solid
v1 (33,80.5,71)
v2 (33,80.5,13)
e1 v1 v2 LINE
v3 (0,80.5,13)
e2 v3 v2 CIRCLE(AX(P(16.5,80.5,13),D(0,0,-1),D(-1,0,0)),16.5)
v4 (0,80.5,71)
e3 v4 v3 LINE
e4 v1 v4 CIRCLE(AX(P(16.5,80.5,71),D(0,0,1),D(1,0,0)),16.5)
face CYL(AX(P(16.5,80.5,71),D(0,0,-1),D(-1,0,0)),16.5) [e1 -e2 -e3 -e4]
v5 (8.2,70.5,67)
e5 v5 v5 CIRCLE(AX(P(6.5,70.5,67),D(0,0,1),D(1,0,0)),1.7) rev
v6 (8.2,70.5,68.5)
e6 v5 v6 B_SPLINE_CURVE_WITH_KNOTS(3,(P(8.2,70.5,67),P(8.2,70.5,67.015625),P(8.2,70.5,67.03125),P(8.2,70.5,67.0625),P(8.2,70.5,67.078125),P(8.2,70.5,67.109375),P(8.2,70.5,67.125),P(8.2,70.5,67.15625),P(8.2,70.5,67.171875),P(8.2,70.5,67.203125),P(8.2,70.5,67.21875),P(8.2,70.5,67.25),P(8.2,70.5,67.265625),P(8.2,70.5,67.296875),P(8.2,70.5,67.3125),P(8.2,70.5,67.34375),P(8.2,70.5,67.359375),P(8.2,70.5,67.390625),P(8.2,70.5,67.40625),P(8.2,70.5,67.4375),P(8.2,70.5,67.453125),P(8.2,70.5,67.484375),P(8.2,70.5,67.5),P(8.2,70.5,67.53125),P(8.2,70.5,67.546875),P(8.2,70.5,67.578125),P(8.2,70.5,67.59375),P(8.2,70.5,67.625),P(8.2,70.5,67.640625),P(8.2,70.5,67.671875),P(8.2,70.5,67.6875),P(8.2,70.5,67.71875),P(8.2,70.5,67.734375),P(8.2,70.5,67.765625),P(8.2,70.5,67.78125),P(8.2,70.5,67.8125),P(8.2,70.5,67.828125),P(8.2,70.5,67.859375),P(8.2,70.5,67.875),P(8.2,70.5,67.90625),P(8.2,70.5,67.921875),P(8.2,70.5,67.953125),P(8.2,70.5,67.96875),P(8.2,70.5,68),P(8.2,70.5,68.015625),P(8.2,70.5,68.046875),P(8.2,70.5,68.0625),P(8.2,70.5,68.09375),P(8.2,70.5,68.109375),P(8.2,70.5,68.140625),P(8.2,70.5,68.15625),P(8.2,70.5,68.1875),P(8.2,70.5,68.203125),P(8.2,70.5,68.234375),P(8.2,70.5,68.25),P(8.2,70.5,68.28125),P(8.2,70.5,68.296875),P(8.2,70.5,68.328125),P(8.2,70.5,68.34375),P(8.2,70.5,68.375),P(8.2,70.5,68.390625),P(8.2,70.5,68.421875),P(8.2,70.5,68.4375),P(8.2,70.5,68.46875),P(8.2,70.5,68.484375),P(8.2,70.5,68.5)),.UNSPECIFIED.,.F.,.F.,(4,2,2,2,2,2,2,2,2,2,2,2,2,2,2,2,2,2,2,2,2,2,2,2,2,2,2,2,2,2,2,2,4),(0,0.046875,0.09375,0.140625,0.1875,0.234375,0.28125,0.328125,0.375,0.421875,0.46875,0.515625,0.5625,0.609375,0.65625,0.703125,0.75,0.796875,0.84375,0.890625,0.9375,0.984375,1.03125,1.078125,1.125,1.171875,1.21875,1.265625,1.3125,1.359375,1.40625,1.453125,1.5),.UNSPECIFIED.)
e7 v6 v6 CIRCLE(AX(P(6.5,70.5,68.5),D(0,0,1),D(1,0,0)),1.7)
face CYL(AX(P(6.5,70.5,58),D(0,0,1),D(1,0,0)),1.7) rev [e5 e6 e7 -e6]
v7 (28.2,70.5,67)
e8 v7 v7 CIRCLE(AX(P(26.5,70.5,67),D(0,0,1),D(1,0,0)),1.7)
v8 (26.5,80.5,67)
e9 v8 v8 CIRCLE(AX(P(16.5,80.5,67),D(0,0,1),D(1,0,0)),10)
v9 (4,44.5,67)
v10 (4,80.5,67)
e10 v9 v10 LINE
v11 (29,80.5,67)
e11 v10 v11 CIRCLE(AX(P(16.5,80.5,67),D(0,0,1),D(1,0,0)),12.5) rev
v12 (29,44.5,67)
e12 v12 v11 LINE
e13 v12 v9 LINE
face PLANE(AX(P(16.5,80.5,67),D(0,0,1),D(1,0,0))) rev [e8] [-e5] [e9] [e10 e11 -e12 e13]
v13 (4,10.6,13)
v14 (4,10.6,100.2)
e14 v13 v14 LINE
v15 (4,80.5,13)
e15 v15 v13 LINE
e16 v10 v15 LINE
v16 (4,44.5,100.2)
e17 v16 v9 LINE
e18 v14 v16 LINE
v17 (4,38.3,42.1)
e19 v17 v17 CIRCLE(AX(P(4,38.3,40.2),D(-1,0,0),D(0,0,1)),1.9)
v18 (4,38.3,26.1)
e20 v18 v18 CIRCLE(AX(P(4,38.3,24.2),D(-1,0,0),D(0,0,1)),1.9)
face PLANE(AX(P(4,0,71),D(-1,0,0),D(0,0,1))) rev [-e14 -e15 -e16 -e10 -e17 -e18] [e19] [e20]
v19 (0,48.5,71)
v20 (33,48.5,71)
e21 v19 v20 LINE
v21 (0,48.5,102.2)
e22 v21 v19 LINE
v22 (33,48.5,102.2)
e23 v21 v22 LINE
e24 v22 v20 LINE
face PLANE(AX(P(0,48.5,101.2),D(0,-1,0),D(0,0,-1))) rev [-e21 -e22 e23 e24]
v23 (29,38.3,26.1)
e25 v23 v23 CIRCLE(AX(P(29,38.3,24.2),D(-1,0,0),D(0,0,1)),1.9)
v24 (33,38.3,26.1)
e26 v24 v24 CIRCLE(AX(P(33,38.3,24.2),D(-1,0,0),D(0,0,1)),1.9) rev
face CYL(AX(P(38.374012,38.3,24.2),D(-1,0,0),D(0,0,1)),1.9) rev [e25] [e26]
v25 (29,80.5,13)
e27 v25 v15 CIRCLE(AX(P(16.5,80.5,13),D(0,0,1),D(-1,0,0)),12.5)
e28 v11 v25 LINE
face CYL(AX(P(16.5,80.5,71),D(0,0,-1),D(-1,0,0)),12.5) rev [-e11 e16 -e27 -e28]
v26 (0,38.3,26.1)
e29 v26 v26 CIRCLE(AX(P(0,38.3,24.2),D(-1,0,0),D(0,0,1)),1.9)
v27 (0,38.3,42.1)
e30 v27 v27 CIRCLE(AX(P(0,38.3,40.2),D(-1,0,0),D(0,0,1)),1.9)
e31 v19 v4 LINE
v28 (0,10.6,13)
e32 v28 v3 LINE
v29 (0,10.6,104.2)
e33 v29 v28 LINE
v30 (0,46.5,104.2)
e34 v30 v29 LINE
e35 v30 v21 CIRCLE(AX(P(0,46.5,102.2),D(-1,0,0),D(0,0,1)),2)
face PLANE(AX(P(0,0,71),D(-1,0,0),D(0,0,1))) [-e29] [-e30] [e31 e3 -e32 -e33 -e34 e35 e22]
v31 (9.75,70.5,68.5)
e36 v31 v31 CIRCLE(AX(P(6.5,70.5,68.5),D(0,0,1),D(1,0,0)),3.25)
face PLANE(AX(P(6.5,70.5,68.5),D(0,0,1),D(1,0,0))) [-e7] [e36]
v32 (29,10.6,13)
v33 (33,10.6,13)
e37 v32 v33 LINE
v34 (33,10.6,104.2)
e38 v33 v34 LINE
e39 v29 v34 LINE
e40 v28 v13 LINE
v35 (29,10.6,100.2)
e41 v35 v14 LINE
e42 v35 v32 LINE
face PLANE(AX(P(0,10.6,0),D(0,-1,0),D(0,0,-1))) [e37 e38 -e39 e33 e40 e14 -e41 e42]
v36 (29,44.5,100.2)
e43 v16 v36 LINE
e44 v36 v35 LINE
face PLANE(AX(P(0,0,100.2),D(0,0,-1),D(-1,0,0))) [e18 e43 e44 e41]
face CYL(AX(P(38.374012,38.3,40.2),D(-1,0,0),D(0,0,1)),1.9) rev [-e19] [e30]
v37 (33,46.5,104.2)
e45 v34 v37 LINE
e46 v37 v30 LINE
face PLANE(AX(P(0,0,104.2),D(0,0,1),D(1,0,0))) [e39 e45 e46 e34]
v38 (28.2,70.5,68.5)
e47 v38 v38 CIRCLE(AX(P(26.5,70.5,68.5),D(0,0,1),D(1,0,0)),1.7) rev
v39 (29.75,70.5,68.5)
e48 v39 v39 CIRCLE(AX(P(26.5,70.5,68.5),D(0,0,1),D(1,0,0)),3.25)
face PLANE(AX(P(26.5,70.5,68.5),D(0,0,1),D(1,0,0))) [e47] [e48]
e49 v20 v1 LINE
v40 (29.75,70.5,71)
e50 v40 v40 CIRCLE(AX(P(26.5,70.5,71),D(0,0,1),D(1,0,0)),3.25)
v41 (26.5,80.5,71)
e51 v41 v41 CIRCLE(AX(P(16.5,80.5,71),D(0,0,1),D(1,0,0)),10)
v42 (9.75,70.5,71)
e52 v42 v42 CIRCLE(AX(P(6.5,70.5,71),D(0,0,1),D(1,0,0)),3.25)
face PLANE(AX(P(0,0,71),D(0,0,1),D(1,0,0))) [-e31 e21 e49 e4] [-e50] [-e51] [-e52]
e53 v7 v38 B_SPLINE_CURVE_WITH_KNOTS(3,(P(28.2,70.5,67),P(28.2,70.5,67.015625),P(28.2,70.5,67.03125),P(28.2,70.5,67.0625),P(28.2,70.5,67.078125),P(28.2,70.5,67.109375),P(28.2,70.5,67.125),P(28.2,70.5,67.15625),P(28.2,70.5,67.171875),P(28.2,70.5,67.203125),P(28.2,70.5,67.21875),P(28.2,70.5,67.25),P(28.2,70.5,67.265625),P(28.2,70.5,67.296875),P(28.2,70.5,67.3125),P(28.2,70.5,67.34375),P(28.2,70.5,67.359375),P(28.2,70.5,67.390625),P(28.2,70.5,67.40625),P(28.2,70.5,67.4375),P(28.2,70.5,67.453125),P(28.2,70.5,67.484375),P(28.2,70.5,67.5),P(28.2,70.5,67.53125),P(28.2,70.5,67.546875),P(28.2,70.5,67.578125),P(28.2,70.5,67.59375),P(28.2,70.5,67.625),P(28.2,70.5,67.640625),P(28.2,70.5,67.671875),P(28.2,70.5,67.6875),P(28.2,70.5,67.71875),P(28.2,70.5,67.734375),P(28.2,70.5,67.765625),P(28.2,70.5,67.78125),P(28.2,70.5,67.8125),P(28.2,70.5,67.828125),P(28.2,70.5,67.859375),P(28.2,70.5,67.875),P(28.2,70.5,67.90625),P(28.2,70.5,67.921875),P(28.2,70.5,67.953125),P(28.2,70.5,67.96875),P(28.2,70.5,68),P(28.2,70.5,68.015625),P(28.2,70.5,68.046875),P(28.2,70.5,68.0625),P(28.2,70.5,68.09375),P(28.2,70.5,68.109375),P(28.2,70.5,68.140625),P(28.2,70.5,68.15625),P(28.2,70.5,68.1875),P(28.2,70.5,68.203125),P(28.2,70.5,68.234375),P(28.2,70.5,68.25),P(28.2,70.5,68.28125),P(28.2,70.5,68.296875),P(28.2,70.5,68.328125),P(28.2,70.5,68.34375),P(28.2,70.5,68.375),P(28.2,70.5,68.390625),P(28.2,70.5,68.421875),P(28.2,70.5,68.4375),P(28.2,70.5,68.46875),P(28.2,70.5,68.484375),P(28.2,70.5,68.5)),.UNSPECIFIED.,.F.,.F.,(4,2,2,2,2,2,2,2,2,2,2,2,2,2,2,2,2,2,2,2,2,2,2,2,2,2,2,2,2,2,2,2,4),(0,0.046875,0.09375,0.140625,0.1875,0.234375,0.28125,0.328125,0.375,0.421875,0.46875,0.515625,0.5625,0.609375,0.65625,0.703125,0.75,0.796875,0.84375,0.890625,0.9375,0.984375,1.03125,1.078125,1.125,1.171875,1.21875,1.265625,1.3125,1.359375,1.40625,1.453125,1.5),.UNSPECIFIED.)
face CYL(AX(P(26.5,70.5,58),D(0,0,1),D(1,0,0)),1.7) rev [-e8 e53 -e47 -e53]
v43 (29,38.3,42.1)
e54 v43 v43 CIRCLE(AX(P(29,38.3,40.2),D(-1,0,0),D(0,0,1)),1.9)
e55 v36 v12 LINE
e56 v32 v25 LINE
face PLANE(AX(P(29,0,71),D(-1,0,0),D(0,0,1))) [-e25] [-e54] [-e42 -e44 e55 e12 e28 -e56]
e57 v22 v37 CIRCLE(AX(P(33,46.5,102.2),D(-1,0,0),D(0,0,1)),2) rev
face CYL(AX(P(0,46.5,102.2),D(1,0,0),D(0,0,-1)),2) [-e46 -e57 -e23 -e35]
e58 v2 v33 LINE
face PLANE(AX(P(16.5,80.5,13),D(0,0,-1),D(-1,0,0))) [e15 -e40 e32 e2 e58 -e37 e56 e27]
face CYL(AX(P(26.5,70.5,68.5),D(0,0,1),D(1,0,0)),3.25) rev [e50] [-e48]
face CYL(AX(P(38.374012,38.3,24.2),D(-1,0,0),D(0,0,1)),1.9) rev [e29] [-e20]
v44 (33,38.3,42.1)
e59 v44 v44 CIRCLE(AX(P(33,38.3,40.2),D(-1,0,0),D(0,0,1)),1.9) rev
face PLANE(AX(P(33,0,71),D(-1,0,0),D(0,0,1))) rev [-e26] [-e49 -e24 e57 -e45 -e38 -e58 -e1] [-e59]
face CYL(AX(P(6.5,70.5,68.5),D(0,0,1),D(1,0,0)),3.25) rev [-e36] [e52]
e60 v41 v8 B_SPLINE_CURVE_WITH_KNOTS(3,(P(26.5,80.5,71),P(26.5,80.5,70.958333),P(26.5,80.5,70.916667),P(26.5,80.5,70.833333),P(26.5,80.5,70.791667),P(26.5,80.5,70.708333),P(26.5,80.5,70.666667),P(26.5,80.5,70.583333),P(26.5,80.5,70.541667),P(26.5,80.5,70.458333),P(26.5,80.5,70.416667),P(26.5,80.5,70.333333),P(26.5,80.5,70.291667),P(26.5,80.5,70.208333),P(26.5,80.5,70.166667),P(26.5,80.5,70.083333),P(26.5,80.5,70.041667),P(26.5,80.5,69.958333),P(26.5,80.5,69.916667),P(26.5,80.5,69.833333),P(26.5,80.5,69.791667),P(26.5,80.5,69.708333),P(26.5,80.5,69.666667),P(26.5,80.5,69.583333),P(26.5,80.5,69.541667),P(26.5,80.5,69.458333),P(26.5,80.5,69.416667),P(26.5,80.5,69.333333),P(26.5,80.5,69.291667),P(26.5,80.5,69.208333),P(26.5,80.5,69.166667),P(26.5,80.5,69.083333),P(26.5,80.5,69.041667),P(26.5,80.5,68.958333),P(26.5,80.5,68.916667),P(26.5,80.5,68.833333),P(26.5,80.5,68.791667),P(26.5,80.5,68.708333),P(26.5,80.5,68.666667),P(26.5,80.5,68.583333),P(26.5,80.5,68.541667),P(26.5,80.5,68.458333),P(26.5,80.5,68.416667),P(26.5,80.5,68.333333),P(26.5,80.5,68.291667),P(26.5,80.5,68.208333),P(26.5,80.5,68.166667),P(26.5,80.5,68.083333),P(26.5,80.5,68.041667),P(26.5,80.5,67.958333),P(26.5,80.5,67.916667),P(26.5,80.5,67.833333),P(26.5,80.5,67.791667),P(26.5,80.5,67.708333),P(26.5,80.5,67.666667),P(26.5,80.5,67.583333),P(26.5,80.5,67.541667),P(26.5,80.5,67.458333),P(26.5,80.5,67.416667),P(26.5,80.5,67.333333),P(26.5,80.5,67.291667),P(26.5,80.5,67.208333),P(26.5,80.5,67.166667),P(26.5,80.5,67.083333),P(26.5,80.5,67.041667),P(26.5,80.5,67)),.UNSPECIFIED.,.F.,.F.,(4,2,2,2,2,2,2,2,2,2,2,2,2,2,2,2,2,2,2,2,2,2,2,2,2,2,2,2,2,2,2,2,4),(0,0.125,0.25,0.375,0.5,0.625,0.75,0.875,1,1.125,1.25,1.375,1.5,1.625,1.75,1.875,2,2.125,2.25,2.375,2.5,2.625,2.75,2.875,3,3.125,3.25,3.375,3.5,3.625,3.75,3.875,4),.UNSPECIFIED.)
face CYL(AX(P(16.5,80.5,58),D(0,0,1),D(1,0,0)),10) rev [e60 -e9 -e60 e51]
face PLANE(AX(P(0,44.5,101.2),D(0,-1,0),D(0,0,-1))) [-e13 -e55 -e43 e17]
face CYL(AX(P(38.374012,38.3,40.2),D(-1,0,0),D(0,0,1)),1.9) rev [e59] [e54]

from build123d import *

# Parameters (mm, degrees)
SKETCH1_W           = 4
SKETCH1_H           = 80.5
BOSS_EXTRUDE1_DEPTH = 71
BOSS_EXTRUDE2_START = -4
BOSS_EXTRUDE2_DEPTH = 4
BOSS_EXTRUDE3_DEPTH = 34.2
CUT_EXTRUDE1_DEPTH  = 13
CUT_EXTRUDE2_DEPTH  = 13
SKETCH6_R           = 1.7
CUT_EXTRUDE3_DEPTH  = 13
SKETCH7_R           = 3.25
CUT_EXTRUDE4_DEPTH  = 2.5
BOSS_EXTRUDE4_DEPTH = 44.5
SKETCH10_W          = 46.002383675
SKETCH10_H          = 61.711229379
CUT_EXTRUDE5_DEPTH  = 42
BOSS_EXTRUDE5_DEPTH = 4
CUT_EXTRUDE6_DEPTH  = 10.6
CUT_EXTRUDE7_REACH  = 148.85
SKETCH13_R          = 1.9
SKETCH14_W          = 25
SKETCH14_H          = 33.9
BOSS_EXTRUDE6_DEPTH = 1
CUT_EXTRUDE8_DEPTH  = 15
SKETCH16_W          = 10.4
SKETCH16_H          = 1.3
CUT_EXTRUDE9_DEPTH  = 15
BOSS_EXTRUDE7_DEPTH = 15
SKETCH19_W          = 33
SKETCH19_H          = 37.9
CUT_EXTRUDE10_DEPTH = 1
FILLET1_R           = 2


with BuildPart() as part:
    # Sketch1 → Boss-Extrude1 (new body)
    with BuildSketch(Plane.XY):
        with Locations((2, 40.25)):
            Rectangle(SKETCH1_W, SKETCH1_H)
        with BuildLine():
            Line((0, 80.5), (4, 80.5))
            ThreePointArc((4, 80.5), (16.5, 93), (29, 80.5))
            Line((29, 80.5), (33, 80.5))
            ThreePointArc((33, 80.5), (16.5, 97), (0, 80.5))
        make_face()
        with Locations((31, 40.25)):
            Rectangle(SKETCH1_W, SKETCH1_H)
    extrude(amount=BOSS_EXTRUDE1_DEPTH)

    # Sketch2 → Boss-Extrude2 (add)
    with BuildSketch(Plane.XY.offset(71).offset(BOSS_EXTRUDE2_START)):
        with BuildLine():
            Line((33, 48.5), (0, 48.5))
            Line((0, 48.5), (0, 80.5))
            ThreePointArc((0, 80.5), (16.5, 97), (33, 80.5))
            Line((33, 80.5), (33, 48.5))
        make_face()
    extrude(amount=BOSS_EXTRUDE2_DEPTH)

    # Sketch3 → Boss-Extrude3 (add)
    with BuildSketch(Plane(origin=(0, 0, 67), x_dir=(-1, 0, 0), z_dir=(0, 0, -1))):
        Polygon((-33, 0), (-33, 48.5), (-29, 48.5), (-4, 48.5), (0, 48.5), (0, 0), (-3.837905566, 0), (-4, 44.5), (-29, 44.5), (-29.162094434, 0), align=None)
    extrude(amount=-BOSS_EXTRUDE3_DEPTH)

    # Sketch4 → Cut-Extrude1 (cut)
    with BuildSketch(Plane(origin=(0, 0, 0), x_dir=(-1, 0, 0), z_dir=(0, 0, -1))):
        with BuildLine():
            Line((-4, 80.5), (-4, 0))
            Line((-4, 0), (0, 0))
            Line((0, 0), (0, 80.5))
            ThreePointArc((0, 80.5), (-16.5, 97), (-33, 80.5))
            Line((-33, 80.5), (-33, 0))
            Line((-33, 0), (-29, 0))
            Line((-29, 0), (-29, 80.5))
            ThreePointArc((-29, 80.5), (-16.5, 93), (-4, 80.5))
        make_face()
    extrude(amount=-CUT_EXTRUDE1_DEPTH, mode=Mode.SUBTRACT)

    # Sketch5 → Cut-Extrude2 (cut)
    with BuildSketch(Plane.XY.offset(71)):
        with BuildLine():
            ThreePointArc((26.5, 80.5), (16.5, 90.5), (6.5, 80.5))
            Line((6.5, 80.5), (26.5, 80.5))
        make_face()
        with BuildLine():
            Line((26.5, 80.5), (6.5, 80.5))
            ThreePointArc((6.5, 80.5), (16.5, 70.5), (26.5, 80.5))
        make_face()
    extrude(amount=-CUT_EXTRUDE2_DEPTH, mode=Mode.SUBTRACT)

    # Sketch6 → Cut-Extrude3 (cut)
    with BuildSketch(Plane.XY.offset(71)):
        with Locations((6.5, 70.5)):
            Circle(SKETCH6_R)
        with BuildLine():
            ThreePointArc((28.2, 70.5), (26.5, 72.2), (24.8, 70.5))
            Line((24.8, 70.5), (28.2, 70.5))
        make_face()
        with BuildLine():
            Line((28.2, 70.5), (24.8, 70.5))
            ThreePointArc((24.8, 70.5), (26.5, 68.8), (28.2, 70.5))
        make_face()
    extrude(amount=-CUT_EXTRUDE3_DEPTH, mode=Mode.SUBTRACT)

    # Sketch7 → Cut-Extrude4 (cut)
    with BuildSketch(Plane.XY.offset(71)):
        with Locations((6.5, 70.5)):
            Circle(SKETCH7_R)
        with Locations((26.5, 70.5)):
            Circle(SKETCH7_R)
    extrude(amount=-CUT_EXTRUDE4_DEPTH, mode=Mode.SUBTRACT)

    # Sketch9 → Boss-Extrude4 (add)
    with BuildSketch(Plane.XZ):
        Polygon((29.162094434, 101.2), (29.162094434, 71), (29, 71), (29, 120), align=None)
        Polygon((4, 120), (3.837905566, 101.2), (3.837905566, 71), (4, 71), align=None)
    extrude(amount=-BOSS_EXTRUDE4_DEPTH)

    # Sketch10 → Cut-Extrude5 (cut)
    with BuildSketch(Plane.XY.offset(101.2)):
        with Locations((17.24268837, 24.291112106)):
            Rectangle(SKETCH10_W, SKETCH10_H)
    extrude(amount=CUT_EXTRUDE5_DEPTH, mode=Mode.SUBTRACT)

    # Sketch11 → Boss-Extrude5 (add)
    with BuildSketch(Plane.XY.offset(101.2)):
        Polygon((29, 0), (4, 0), (0, 0), (0, 48.5), (33, 48.5), (33, 0), align=None)
    extrude(amount=BOSS_EXTRUDE5_DEPTH)

    # Sketch12 → Cut-Extrude6 (cut)
    with BuildSketch(Plane.XZ):
        Polygon((4, 13), (4, 101.2), (29, 101.2), (29, 13), (33, 13), (33, 105.2), (0, 105.2), (0, 13), align=None)
    extrude(amount=-CUT_EXTRUDE6_DEPTH, mode=Mode.SUBTRACT)

    # Cut-Extrude7: up to this face of the body (flat: up to its plane)
    cut_extrude7_end = Plane(part.part.faces().sort_by_distance((33, 41.673849147, 53.168159645))[0])
    # Sketch13 → Cut-Extrude7 (cut, up to the picked face)
    with BuildSketch(Plane.ZY, mode=Mode.PRIVATE) as cut_extrude7_sk1:
        with Locations((40.2, 38.3)):
            Circle(SKETCH13_R)
    cut_extrude7_tool1 = split(extrude(cut_extrude7_sk1.sketch, amount=-CUT_EXTRUDE7_REACH, mode=Mode.PRIVATE), bisect_by=cut_extrude7_end, keep=Keep.BOTH, mode=Mode.PRIVATE)
    # Sketch13 → Cut-Extrude7 (cut, up to the picked face)
    with BuildSketch(Plane.ZY, mode=Mode.PRIVATE) as cut_extrude7_sk2:
        with Locations((24.2, 38.3)):
            Circle(SKETCH13_R)
    cut_extrude7_tool2 = split(extrude(cut_extrude7_sk2.sketch, amount=-CUT_EXTRUDE7_REACH, mode=Mode.PRIVATE), bisect_by=cut_extrude7_end, keep=Keep.BOTH, mode=Mode.PRIVATE)
    add(cut_extrude7_tool1.solids().sort_by(Axis((0, 38.3, 40.2), (1, 0, 0)))[0], mode=Mode.SUBTRACT)
    add(cut_extrude7_tool2.solids().sort_by(Axis((0, 38.3, 24.2), (1, 0, 0)))[0], mode=Mode.SUBTRACT)

    # Sketch14 → Boss-Extrude6 (add)
    with BuildSketch(Plane(origin=(0, 0, 101.2), x_dir=(-1, 0, 0), z_dir=(0, 0, -1))):
        with Locations((-16.5, 27.55)):
            Rectangle(SKETCH14_W, SKETCH14_H)
    extrude(amount=BOSS_EXTRUDE6_DEPTH)

    # Sketch15 → Cut-Extrude8 (cut)
    with BuildSketch(Plane.XZ.offset(-10.6)):
        Polygon((26.7, 103.9), (6.3, 103.9), (6.3, 101.5), (16.5, 101.5), (26.7, 101.5), align=None)
    extrude(amount=-CUT_EXTRUDE8_DEPTH, mode=Mode.SUBTRACT)

    # Sketch16 → Cut-Extrude9 (cut)
    with BuildSketch(Plane.XZ.offset(-10.6)):
        with Locations((16.5, 104.55)):
            Rectangle(SKETCH16_W, SKETCH16_H)
    extrude(amount=-CUT_EXTRUDE9_DEPTH, mode=Mode.SUBTRACT)

    # Sketch17 → Boss-Extrude7 (add)
    with BuildSketch(Plane.XZ.offset(-25.6)):
        Polygon((26.7, 103.9), (21.7, 103.9), (21.7, 105.2), (11.3, 105.2), (11.3, 103.9), (6.3, 103.9), (6.3, 101.5), (26.7, 101.5), align=None)
    extrude(amount=BOSS_EXTRUDE7_DEPTH)

    # Sketch19 → Cut-Extrude10 (cut)
    with BuildSketch(Plane.XY.offset(105.2)):
        with Locations((16.5, 29.55)):
            Rectangle(SKETCH19_W, SKETCH19_H)
    extrude(amount=-CUT_EXTRUDE10_DEPTH, mode=Mode.SUBTRACT)

    # Fillet1
    fillet1_edges = [part.edges().sort_by_distance(p)[0] for p in [
        (16.5, 48.5, 104.2),
    ]]
    fillet(fillet1_edges, radius=FILLET1_R)


solid = part.part
